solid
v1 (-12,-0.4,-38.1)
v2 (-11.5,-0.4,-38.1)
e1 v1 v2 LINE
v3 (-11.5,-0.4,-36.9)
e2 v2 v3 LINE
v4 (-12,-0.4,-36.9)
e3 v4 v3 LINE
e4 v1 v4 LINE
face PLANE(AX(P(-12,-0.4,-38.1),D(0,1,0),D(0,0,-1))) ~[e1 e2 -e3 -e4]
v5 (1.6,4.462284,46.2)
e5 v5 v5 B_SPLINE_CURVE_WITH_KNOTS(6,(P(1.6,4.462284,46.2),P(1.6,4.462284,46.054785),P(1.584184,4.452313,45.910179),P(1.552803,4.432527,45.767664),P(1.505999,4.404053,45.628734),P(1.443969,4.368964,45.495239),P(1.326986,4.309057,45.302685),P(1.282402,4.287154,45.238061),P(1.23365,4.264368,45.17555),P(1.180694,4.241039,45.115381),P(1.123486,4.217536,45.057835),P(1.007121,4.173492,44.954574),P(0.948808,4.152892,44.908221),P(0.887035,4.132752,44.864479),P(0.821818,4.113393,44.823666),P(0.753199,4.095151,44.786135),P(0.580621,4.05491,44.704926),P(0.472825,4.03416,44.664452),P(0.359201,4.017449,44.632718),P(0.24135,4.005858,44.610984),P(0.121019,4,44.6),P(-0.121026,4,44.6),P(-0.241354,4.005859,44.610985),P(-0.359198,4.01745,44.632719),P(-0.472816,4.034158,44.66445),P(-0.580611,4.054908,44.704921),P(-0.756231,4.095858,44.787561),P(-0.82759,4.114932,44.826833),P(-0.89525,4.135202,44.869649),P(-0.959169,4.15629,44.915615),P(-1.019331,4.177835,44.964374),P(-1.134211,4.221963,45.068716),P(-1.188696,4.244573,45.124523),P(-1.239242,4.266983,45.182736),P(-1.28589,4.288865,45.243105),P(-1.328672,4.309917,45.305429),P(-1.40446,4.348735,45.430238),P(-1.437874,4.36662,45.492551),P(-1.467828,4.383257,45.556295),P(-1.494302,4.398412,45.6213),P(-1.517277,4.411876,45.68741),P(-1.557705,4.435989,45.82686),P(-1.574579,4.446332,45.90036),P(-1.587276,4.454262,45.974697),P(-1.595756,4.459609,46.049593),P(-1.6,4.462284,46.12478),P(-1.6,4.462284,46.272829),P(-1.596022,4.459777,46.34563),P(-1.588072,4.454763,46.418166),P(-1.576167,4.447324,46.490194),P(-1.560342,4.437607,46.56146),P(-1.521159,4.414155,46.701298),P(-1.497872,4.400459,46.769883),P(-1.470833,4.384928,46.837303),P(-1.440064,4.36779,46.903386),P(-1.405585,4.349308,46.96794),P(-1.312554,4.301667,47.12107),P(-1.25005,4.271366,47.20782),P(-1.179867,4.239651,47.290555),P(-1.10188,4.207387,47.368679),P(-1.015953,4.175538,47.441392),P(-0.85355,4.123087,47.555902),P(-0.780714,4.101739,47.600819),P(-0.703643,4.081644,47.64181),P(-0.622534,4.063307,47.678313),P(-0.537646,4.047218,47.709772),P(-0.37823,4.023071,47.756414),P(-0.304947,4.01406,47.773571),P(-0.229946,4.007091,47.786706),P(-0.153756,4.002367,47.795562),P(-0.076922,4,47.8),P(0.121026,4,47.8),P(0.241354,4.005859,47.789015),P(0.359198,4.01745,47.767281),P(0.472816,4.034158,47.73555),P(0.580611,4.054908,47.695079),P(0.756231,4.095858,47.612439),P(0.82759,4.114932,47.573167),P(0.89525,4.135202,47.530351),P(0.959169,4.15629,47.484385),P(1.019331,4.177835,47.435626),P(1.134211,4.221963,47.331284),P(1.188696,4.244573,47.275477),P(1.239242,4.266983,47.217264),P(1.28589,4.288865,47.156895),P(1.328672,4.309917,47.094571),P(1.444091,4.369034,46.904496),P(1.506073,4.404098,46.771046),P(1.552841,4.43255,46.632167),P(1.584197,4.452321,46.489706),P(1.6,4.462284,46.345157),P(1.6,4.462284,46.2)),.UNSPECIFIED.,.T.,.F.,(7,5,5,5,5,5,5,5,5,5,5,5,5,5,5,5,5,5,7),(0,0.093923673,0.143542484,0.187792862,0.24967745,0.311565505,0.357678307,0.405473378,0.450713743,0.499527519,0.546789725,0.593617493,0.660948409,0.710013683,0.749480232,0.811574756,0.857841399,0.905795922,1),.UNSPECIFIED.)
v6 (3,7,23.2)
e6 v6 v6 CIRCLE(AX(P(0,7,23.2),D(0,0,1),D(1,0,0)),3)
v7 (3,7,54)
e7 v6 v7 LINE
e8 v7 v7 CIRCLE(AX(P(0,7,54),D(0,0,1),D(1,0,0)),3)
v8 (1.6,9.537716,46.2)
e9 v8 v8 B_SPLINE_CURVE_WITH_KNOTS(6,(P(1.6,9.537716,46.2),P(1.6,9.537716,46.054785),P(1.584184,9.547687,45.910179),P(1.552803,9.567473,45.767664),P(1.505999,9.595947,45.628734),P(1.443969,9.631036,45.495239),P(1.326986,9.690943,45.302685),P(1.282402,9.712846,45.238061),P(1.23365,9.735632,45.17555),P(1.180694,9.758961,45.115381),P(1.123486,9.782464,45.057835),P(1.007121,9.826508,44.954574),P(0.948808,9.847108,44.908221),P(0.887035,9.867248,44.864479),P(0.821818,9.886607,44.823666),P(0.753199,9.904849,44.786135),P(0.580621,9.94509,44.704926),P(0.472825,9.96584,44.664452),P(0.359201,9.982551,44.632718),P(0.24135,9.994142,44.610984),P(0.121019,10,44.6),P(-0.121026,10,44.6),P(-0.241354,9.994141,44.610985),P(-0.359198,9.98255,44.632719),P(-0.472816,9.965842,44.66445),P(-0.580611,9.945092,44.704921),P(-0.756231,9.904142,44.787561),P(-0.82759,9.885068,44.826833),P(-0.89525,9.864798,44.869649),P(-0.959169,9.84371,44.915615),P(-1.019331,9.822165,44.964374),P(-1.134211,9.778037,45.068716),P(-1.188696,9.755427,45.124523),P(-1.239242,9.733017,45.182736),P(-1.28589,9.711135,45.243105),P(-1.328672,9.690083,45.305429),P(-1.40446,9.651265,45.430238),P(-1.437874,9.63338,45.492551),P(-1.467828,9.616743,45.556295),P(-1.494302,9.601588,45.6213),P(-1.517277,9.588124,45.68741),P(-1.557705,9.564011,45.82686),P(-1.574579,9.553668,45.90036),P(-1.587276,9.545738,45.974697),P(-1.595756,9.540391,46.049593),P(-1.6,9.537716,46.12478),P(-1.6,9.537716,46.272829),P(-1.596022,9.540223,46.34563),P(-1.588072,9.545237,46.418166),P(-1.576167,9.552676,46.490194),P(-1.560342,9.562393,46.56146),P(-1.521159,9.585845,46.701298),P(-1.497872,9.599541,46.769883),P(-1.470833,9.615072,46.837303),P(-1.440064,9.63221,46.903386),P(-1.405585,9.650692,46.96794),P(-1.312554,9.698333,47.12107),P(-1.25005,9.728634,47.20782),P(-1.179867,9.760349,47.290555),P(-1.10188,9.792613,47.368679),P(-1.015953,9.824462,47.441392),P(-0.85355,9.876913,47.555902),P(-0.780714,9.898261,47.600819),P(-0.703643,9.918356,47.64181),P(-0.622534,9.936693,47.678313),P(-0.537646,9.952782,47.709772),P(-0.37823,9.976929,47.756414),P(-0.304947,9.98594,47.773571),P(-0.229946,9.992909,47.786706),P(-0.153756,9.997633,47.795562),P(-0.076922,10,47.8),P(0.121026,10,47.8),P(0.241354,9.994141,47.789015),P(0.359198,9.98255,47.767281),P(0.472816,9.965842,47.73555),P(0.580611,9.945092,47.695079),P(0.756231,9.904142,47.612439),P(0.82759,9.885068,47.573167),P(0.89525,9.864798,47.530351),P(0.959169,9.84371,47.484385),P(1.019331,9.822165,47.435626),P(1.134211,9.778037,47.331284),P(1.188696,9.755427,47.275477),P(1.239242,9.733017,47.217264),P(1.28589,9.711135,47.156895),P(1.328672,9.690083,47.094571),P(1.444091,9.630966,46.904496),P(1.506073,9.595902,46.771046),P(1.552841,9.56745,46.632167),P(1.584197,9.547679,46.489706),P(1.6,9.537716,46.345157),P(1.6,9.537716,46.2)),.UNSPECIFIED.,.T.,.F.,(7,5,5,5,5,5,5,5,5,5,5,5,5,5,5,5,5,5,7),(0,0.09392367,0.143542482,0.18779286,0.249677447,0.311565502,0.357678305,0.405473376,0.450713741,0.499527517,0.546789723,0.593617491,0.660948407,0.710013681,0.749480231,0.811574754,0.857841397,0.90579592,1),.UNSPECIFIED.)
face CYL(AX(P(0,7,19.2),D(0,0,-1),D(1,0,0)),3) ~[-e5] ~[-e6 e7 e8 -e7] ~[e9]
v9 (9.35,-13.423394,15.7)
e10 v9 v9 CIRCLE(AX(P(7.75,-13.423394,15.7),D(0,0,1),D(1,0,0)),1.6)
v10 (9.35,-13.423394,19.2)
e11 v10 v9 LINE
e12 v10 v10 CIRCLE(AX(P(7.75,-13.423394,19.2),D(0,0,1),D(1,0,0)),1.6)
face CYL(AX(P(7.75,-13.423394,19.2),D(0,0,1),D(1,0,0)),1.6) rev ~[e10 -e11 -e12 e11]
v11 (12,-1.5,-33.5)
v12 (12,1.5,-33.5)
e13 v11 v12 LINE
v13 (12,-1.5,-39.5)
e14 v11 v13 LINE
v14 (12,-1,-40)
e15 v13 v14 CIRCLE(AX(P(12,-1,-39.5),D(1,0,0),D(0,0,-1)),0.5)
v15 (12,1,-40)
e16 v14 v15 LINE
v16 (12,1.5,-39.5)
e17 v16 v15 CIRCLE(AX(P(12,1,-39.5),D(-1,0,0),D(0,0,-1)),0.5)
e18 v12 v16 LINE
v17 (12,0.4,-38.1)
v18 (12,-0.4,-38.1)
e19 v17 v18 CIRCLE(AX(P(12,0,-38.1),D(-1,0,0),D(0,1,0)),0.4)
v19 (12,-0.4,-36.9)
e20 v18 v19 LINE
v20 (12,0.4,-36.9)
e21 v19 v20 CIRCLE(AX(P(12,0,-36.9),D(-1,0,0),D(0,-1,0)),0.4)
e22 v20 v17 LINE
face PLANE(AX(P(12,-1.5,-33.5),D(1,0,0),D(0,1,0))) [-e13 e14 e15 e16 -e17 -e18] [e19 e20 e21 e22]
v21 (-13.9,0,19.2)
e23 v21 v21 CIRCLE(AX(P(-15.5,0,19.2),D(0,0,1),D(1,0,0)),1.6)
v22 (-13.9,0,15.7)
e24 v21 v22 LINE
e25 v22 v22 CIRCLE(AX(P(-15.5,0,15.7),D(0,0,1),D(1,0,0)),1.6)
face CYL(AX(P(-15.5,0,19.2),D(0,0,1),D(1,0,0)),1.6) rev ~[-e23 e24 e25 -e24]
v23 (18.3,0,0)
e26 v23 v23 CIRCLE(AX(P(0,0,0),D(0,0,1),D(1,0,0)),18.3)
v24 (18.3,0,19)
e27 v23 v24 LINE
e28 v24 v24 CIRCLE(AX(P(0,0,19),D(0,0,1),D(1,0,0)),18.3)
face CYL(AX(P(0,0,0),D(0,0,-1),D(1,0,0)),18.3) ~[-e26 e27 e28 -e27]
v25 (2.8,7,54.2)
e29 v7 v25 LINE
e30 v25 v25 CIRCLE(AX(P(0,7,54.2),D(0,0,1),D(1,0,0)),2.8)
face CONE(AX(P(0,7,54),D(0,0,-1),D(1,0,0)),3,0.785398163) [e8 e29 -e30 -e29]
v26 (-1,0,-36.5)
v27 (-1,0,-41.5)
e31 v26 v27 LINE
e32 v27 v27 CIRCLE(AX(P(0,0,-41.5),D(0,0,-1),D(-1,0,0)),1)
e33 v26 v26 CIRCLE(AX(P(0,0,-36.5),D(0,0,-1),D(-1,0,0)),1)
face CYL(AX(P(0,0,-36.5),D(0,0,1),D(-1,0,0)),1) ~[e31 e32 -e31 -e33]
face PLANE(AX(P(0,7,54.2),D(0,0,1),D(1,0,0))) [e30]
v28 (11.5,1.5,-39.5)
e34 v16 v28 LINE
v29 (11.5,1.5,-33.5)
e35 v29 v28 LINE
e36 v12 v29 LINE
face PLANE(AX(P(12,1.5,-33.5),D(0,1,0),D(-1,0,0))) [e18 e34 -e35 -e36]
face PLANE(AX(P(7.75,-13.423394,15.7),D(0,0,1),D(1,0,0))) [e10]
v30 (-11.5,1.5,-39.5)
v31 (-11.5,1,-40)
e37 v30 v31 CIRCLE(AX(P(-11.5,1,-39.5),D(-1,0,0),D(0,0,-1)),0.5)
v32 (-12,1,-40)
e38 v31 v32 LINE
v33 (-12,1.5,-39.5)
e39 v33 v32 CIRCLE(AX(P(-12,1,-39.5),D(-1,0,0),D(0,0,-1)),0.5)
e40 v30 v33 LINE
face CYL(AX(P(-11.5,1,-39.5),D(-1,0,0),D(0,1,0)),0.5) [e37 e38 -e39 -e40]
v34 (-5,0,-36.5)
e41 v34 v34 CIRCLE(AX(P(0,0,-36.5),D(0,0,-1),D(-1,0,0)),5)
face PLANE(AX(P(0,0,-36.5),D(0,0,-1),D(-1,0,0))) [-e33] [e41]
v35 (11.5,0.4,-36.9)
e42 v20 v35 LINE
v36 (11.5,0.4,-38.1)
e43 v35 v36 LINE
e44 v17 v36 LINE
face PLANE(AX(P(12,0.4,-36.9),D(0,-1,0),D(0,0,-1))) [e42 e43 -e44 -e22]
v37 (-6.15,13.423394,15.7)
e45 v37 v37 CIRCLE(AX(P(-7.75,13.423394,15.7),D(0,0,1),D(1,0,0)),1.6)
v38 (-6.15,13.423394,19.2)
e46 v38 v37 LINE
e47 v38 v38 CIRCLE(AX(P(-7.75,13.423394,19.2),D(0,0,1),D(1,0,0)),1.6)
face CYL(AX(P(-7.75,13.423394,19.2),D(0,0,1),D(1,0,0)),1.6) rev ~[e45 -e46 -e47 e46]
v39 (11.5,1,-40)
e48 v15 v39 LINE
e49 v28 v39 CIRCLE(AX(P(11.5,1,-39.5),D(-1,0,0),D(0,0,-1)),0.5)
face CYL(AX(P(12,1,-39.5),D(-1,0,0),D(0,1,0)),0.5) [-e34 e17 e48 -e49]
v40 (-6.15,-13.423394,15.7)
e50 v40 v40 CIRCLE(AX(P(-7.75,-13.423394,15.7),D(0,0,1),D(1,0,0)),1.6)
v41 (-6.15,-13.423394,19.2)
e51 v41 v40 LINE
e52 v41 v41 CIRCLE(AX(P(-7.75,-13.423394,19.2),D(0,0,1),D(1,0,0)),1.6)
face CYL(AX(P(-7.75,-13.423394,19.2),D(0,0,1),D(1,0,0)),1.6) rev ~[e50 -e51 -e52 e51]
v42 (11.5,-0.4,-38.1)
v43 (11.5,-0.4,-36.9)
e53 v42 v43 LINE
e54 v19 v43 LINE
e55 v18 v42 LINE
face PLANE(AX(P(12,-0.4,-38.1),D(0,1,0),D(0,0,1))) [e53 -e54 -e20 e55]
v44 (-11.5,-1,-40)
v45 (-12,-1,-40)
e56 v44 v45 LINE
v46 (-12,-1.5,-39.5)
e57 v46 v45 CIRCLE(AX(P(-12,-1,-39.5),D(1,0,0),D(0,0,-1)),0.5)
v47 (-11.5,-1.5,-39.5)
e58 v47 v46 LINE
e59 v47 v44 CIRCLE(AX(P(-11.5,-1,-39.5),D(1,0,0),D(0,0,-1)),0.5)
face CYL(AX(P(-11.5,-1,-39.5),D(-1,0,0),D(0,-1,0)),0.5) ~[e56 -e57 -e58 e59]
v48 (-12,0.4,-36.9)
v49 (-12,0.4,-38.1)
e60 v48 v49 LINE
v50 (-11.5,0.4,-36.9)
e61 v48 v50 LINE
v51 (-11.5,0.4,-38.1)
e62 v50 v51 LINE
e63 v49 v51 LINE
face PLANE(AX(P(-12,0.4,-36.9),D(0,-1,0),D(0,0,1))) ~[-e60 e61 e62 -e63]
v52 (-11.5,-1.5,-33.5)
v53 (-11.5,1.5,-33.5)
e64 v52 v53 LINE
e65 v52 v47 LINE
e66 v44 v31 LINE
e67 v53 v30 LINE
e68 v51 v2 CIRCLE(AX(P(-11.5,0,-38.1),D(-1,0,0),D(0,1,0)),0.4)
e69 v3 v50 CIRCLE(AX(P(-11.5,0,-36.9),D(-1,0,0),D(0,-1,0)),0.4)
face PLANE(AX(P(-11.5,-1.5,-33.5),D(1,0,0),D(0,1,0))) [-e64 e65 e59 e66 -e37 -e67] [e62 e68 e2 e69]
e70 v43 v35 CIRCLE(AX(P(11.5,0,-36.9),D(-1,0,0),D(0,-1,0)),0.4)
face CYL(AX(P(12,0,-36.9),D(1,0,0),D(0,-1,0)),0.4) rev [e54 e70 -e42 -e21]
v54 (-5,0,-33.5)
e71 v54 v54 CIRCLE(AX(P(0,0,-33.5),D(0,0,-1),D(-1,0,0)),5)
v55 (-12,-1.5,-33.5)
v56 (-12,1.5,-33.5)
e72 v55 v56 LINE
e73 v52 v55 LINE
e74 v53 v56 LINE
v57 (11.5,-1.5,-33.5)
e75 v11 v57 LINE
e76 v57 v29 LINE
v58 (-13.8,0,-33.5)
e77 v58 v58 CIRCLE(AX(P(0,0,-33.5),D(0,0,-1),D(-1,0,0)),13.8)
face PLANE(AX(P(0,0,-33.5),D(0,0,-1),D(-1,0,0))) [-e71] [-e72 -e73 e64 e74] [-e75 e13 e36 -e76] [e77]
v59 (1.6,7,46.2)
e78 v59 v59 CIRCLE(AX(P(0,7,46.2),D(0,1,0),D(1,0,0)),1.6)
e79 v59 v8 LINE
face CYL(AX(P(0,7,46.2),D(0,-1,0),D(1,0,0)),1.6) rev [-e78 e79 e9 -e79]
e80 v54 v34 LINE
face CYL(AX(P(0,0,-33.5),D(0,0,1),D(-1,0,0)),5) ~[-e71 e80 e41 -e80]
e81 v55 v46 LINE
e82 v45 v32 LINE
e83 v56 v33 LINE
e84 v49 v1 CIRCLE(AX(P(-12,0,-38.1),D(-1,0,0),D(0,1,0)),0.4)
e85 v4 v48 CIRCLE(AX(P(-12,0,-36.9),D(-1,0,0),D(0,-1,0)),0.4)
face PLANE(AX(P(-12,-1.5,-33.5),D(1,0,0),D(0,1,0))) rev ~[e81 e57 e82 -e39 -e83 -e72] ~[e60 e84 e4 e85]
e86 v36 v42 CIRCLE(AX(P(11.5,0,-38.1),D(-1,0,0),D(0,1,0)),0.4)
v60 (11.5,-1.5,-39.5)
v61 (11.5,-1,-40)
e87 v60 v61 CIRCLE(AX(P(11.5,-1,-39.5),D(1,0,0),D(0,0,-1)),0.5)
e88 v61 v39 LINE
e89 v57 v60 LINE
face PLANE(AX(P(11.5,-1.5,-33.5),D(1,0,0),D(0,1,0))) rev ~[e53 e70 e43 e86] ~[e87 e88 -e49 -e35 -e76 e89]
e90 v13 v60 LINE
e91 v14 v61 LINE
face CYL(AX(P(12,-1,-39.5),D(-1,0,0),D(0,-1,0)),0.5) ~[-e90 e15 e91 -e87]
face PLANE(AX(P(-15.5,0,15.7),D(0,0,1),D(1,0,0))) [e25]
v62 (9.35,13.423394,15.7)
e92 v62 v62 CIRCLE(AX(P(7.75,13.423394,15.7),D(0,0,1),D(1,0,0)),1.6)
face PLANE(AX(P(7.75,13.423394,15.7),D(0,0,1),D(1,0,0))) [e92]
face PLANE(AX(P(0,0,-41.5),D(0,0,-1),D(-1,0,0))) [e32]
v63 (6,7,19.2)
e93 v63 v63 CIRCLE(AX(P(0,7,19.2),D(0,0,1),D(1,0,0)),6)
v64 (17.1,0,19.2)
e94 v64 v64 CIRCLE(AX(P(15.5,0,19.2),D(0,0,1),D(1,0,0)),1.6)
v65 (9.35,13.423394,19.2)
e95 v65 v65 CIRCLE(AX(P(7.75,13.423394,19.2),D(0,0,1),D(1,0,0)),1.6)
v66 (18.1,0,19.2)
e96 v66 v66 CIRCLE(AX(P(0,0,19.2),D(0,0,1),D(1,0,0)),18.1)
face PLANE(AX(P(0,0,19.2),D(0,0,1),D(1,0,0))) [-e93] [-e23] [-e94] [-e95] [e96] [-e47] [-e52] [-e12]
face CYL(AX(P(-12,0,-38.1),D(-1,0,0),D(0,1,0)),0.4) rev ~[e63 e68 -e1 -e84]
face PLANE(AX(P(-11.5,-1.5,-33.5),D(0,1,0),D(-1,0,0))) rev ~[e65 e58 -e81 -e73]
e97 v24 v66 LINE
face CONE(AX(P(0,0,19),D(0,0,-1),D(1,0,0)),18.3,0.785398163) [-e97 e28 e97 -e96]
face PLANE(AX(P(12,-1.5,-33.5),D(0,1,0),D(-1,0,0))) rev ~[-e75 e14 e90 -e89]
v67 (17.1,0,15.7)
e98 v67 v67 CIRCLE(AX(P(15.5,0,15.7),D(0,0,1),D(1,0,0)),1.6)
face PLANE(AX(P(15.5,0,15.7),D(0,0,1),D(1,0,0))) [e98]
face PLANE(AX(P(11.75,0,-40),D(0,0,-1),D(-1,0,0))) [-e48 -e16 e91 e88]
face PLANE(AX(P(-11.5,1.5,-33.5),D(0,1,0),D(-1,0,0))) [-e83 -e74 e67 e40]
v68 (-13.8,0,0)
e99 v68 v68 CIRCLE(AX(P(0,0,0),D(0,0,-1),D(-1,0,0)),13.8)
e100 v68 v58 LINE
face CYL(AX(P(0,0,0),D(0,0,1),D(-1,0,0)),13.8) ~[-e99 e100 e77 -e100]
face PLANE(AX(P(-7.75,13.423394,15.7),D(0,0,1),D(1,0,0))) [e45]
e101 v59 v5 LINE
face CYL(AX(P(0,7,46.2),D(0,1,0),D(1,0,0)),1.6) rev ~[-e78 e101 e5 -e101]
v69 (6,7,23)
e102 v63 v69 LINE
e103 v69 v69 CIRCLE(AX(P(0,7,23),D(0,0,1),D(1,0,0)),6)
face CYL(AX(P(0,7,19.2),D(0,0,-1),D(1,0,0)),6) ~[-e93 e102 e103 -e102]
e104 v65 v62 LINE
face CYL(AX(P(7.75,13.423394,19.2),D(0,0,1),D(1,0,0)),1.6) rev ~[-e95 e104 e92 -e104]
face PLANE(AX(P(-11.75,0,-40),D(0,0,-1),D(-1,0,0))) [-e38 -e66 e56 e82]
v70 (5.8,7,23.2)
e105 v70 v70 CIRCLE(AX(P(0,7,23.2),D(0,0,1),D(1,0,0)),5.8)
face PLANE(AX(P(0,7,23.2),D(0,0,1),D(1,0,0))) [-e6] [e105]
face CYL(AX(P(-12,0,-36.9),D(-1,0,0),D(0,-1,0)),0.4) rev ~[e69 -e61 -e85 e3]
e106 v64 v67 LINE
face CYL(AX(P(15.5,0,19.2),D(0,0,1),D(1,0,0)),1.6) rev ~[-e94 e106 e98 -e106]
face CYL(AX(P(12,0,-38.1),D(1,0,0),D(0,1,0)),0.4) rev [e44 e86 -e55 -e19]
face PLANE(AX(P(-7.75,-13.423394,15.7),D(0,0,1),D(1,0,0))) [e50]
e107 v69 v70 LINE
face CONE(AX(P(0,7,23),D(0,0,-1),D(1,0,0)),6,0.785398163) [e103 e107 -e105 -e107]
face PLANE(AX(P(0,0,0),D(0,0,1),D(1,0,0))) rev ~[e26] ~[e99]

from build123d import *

# Parameters (mm, degrees)
SKETCH1_R               = 18.3
BOSS_EXTRUDE1_DEPTH     = 19.2
SKETCH2_R               = 1.6
CUT_EXTRUDE1_DEPTH      = 3.5
SKETCH3_R               = 3
BOSS_EXTRUDE2_DEPTH     = 35
SKETCH3_3_R             = 6
SKETCH3_3_R_2           = 3
BOSS_EXTRUDE3_DEPTH     = 4
SKETCH4_R               = 13.8
BOSS_EXTRUDE4_DEPTH     = 33.5
SKETCH5_R               = 5
BOSS_EXTRUDE5_DEPTH     = 3
SKETCH6_R               = 1
BOSS_EXTRUDE6_DEPTH     = 5
SKETCH7_W               = 0.5
SKETCH7_H               = 3
BOSS_EXTRUDE7_DEPTH     = 6.5
CUT_EXTRUDE2_DEPTH      = 0.5
FILLET1_R               = 0.5
CHAMFER1_SIZE           = 0.2
SKETCH9_R               = 1.6
CUT_EXTRUDE3_DEPTH      = 12.3
CUT_EXTRUDE3_DEPTH_BACK = 26.3


with BuildPart() as part:
    # Sketch1 → Boss-Extrude1 (new body)
    with BuildSketch(Plane.XY):
        Circle(SKETCH1_R)
    extrude(amount=BOSS_EXTRUDE1_DEPTH)

    # Sketch2 → Cut-Extrude1 (cut)
    with BuildSketch(Plane.XY.offset(19.2)):
        with Locations((-7.75, 13.423393759)):
            Circle(SKETCH2_R)
        with Locations((7.75, 13.423393759)):
            Circle(SKETCH2_R)
        with Locations((-15.5, 0)):
            Circle(SKETCH2_R)
        with Locations((-7.75, -13.423393759)):
            Circle(SKETCH2_R)
        with Locations((7.75, -13.423393759)):
            Circle(SKETCH2_R)
        with Locations((15.5, 0)):
            Circle(SKETCH2_R)
    extrude(amount=-CUT_EXTRUDE1_DEPTH, mode=Mode.SUBTRACT)

    # Sketch3 → Boss-Extrude2 (add)
    with BuildSketch(Plane.XY.offset(19.2)):
        with Locations((0, 7)):
            Circle(SKETCH3_R)
    extrude(amount=BOSS_EXTRUDE2_DEPTH)

    # Sketch3<3> → Boss-Extrude3 (add)
    with BuildSketch(Plane.XY.offset(19.2)):
        with Locations((0, 7)):
            Circle(SKETCH3_3_R)
        with Locations((0, 7)):
            Circle(SKETCH3_3_R_2, mode=Mode.SUBTRACT)
    extrude(amount=BOSS_EXTRUDE3_DEPTH)

    # Sketch4 → Boss-Extrude4 (add)
    with BuildSketch(Plane(origin=(0, 0, 0), x_dir=(-1, 0, 0), z_dir=(0, 0, -1))):
        Circle(SKETCH4_R)
    extrude(amount=BOSS_EXTRUDE4_DEPTH)

    # Sketch5 → Boss-Extrude5 (add)
    with BuildSketch(Plane(origin=(0, 0, -33.5), x_dir=(-1, 0, 0), z_dir=(0, 0, -1))):
        Circle(SKETCH5_R)
    extrude(amount=BOSS_EXTRUDE5_DEPTH)

    # Sketch6 → Boss-Extrude6 (add)
    with BuildSketch(Plane(origin=(0, 0, -36.5), x_dir=(-1, 0, 0), z_dir=(0, 0, -1))):
        Circle(SKETCH6_R)
    extrude(amount=BOSS_EXTRUDE6_DEPTH)

    # Sketch7 → Boss-Extrude7 (add)
    with BuildSketch(Plane(origin=(0, 0, -33.5), x_dir=(-1, 0, 0), z_dir=(0, 0, -1))):
        with Locations((-11.75, 0)):
            Rectangle(SKETCH7_W, SKETCH7_H)
        with Locations((11.75, 0)):
            Rectangle(SKETCH7_W, SKETCH7_H)
    extrude(amount=BOSS_EXTRUDE7_DEPTH)

    # Sketch8 → Cut-Extrude2 (cut)
    with BuildSketch(Plane(origin=(12, 0, 0), x_dir=(0, 0, -1), z_dir=(1, 0, 0))):
        with BuildLine():
            Line((38.1, -0.4), (36.9, -0.4))
            ThreePointArc((36.9, -0.4), (36.5, 0), (36.9, 0.4))
            Line((36.9, 0.4), (38.1, 0.4))
            ThreePointArc((38.1, 0.4), (38.5, 0), (38.1, -0.4))
        make_face()
    cut_extrude2 = extrude(amount=-CUT_EXTRUDE2_DEPTH, mode=Mode.SUBTRACT)

    # Mirror2: Cut-Extrude2 across plane
    add(cut_extrude2.mirror(Plane(origin=(0, 0, 0), x_dir=(0, 0, 1), z_dir=(1, 0, 0))), mode=Mode.SUBTRACT)

    # Fillet1
    fillet1_edges = [part.edges().sort_by_distance(p)[0] for p in [
        (11.75, -1.5, -40),
        (11.75, 1.5, -40),
        (-11.75, 1.5, -40),
        (-11.75, -1.5, -40),
    ]]
    fillet(fillet1_edges, radius=FILLET1_R)

    # Chamfer1
    chamfer1_edges = [part.edges().sort_by_distance(p)[0] for p in [
        (-3, 7, 54.2),
        (-6, 7, 23.2),
        (-18.3, 0, 19.2),
    ]]
    chamfer(chamfer1_edges, length=CHAMFER1_SIZE)

    # Sketch9 → Cut-Extrude3 (cut, two sides)
    with BuildSketch(Plane(origin=(0, 7, 0), x_dir=(1, 0, 0), z_dir=(0, 1, 0))) as cut_extrude3_sk:
        with Locations((0, -46.2)):
            Circle(SKETCH9_R)
    extrude(amount=CUT_EXTRUDE3_DEPTH, mode=Mode.SUBTRACT)
    extrude(cut_extrude3_sk.sketch, amount=-CUT_EXTRUDE3_DEPTH_BACK, mode=Mode.SUBTRACT)


solid = part.part
